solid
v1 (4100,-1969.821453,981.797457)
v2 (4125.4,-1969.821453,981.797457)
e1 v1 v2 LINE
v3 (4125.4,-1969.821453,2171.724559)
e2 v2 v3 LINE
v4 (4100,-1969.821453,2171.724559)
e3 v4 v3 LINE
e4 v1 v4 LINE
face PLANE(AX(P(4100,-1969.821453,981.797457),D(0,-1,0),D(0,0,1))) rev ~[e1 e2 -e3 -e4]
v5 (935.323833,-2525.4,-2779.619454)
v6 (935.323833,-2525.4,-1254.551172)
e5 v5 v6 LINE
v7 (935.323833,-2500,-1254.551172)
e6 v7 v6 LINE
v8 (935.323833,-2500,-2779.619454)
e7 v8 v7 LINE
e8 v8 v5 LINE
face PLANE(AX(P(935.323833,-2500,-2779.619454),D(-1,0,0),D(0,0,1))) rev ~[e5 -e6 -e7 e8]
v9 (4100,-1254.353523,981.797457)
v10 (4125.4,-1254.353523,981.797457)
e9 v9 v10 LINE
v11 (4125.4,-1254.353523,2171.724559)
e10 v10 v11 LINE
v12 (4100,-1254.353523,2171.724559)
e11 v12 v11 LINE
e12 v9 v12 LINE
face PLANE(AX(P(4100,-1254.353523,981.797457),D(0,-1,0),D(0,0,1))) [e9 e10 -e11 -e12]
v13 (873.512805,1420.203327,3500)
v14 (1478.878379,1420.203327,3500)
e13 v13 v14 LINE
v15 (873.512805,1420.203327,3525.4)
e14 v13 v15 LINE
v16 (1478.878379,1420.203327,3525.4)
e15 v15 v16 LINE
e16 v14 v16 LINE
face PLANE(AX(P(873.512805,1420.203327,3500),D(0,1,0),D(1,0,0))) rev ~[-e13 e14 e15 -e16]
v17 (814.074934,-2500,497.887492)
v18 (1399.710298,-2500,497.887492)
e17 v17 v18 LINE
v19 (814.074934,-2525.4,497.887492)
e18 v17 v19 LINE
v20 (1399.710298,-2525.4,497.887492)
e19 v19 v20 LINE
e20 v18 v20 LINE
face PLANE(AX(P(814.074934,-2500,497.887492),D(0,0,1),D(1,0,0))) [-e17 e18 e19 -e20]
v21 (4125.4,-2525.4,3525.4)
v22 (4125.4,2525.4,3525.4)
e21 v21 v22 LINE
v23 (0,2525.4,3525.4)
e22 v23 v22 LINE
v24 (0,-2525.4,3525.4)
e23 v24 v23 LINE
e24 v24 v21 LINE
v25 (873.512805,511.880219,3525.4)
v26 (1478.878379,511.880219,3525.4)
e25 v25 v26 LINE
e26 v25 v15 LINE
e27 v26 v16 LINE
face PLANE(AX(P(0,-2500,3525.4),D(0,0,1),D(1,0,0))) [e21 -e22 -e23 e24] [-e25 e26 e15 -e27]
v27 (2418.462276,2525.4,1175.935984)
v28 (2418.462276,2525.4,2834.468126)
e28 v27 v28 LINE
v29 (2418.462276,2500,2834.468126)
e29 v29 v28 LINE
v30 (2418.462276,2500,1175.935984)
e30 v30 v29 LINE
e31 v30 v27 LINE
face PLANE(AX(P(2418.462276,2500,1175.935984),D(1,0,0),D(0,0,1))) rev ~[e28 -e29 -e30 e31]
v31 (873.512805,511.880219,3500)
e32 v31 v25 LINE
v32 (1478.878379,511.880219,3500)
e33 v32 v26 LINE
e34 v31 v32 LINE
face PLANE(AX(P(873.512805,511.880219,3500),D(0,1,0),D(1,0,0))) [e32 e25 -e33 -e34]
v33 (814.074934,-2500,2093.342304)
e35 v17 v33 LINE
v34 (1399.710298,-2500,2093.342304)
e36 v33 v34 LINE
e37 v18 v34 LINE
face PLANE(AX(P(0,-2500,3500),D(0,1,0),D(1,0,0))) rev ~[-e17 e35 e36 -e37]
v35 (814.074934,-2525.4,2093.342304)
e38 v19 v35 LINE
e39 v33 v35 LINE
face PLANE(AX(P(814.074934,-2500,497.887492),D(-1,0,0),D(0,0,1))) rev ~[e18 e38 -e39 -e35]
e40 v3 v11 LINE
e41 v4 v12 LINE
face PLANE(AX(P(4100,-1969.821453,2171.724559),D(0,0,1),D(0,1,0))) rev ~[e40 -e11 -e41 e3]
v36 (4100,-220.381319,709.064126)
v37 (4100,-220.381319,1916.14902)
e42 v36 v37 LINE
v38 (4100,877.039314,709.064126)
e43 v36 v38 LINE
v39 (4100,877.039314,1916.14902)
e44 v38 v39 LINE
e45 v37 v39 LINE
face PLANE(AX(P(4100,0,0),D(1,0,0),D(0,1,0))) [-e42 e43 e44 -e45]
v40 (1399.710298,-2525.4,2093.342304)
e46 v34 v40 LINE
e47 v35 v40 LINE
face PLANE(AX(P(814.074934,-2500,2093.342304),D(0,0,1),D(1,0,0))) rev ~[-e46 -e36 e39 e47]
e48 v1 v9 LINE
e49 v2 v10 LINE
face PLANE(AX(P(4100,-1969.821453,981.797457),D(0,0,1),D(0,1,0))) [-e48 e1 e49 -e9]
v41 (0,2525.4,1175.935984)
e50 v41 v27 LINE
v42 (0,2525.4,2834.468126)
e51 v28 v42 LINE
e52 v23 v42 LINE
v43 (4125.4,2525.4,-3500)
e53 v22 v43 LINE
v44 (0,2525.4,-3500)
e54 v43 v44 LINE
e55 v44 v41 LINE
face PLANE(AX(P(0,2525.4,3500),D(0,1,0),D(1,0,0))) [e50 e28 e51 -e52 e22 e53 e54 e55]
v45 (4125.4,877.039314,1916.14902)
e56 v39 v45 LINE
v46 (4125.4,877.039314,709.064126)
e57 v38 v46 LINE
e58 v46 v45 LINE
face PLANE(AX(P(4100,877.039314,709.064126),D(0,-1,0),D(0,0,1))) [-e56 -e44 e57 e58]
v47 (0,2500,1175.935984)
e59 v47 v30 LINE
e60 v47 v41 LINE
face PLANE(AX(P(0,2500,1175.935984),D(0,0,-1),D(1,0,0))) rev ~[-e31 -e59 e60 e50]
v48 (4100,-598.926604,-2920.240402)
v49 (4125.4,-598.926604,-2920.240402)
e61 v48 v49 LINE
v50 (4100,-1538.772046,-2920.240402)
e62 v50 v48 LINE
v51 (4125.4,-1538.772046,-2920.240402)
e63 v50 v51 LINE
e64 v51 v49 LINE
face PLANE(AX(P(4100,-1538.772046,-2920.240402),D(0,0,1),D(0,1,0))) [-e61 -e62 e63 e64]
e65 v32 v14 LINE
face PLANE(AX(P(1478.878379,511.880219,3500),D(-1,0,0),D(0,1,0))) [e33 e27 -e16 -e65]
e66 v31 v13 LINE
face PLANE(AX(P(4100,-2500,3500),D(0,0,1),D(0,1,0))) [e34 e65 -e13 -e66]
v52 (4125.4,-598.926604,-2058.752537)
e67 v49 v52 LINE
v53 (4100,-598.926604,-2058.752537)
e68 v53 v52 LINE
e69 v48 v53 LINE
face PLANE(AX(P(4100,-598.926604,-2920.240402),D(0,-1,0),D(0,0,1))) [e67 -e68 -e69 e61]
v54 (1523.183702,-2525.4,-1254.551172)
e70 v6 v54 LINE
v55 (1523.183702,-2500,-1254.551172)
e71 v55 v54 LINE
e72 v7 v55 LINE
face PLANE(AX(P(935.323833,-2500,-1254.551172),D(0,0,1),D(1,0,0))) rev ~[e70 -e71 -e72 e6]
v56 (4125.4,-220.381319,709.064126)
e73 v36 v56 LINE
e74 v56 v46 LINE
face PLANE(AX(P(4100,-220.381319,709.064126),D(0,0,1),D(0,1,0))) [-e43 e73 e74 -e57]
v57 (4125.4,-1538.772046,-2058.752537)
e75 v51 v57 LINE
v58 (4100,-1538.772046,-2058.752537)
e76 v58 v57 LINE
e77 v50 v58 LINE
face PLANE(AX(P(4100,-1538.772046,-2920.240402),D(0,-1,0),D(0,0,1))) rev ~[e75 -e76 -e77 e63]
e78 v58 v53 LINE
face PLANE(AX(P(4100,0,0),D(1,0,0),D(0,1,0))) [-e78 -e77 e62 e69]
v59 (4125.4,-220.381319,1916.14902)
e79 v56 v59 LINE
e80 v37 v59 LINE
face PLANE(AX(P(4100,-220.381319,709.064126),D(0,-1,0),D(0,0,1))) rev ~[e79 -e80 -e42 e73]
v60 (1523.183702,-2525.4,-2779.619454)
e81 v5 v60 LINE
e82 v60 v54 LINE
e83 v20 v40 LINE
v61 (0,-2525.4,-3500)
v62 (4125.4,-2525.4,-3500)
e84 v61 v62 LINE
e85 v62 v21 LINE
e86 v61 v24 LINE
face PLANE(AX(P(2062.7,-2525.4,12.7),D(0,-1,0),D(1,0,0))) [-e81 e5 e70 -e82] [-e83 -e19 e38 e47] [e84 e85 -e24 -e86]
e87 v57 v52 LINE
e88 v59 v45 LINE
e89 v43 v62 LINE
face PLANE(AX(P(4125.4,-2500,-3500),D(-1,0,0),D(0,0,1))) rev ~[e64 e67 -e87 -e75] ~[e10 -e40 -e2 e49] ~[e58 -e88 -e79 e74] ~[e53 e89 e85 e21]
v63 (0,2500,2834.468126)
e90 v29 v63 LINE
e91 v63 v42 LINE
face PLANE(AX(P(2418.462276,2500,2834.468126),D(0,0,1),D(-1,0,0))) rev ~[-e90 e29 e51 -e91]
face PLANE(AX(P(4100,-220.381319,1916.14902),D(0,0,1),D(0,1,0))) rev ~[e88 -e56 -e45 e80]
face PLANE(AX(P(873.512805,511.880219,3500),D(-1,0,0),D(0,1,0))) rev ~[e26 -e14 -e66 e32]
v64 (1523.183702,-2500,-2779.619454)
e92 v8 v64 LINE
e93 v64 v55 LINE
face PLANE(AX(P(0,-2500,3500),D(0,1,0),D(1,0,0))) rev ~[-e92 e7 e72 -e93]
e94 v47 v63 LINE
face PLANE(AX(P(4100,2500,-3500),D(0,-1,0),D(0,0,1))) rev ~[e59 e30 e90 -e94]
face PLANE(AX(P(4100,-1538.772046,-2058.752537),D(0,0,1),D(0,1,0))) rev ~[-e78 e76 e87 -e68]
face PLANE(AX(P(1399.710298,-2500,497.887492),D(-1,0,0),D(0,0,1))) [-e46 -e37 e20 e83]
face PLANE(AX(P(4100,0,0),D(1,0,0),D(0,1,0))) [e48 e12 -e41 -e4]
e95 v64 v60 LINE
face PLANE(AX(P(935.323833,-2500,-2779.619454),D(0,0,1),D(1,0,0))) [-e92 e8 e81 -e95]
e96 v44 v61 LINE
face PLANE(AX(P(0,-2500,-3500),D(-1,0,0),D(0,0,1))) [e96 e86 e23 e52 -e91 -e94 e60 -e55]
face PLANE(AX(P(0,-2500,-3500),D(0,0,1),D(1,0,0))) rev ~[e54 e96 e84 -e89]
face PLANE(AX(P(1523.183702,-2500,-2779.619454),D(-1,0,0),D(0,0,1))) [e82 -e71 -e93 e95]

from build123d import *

# Parameters (mm, degrees)
F0_W     = 5000
F0_H     = 7000
F1_DEPTH = 4100
F2_W     = 5000
F2_H     = 7000
F2_W_2   = 939.845443
F2_H_2   = 861.487865
F2_W_3   = 715.46793
F2_H_3   = 1189.927101
F2_W_4   = 1097.420633
F2_H_4   = 1207.084894
F3_DEPTH = 25.4
F5_DEPTH = 25.4
F6_W     = 4125.4
F6_H     = 5025.4
F6_W_2   = 605.365574
F6_H_2   = 908.323109
F7_DEPTH = 25.4
F8_W     = 4125.4
F8_H     = 7025.4
F8_W_2   = 587.859869
F8_H_2   = 1525.068283
F8_W_3   = 585.635364
F8_H_3   = 1595.454812
F9_DEPTH = 25.4


with BuildPart() as f1:
    # F0 (on Right) → F1 (new body)
    with BuildSketch(Plane.YZ):
        Rectangle(F0_W, F0_H)
    extrude(amount=F1_DEPTH)

    # F2 (on face) → F3 (join)
    with BuildSketch(Plane.YZ.offset(4100)):
        Rectangle(F2_W, F2_H)
        with Locations((-1068.849325, -2489.496469)):
            Rectangle(F2_W_2, F2_H_2, mode=Mode.SUBTRACT)
        with Locations((-1612.087488, 1576.761008)):
            Rectangle(F2_W_3, F2_H_3, mode=Mode.SUBTRACT)
        with Locations((328.328997, 1312.606573)):
            Rectangle(F2_W_4, F2_H_4, mode=Mode.SUBTRACT)
    extrude(amount=F3_DEPTH)

    # F4 (on face) → F5 (join)
    with BuildSketch(Plane(origin=(0, 2500, 0), x_dir=(-1, 0, 0), z_dir=(0, 1, 0))):
        Polygon((0, -3500), (0, 1175.935984), (-2418.462276, 1175.935984), (-2418.462276, 2834.468126), (0, 2834.468126), (0, 3500), (-4125.4, 3500), (-4125.4, -3500), align=None)
    extrude(amount=F5_DEPTH)

    # F6 (on face) → F7 (join)
    with BuildSketch(Plane.XY.offset(3500)):
        with Locations((2062.7, 12.7)):
            Rectangle(F6_W, F6_H)
        with Locations((1176.195592, 966.041773)):
            Rectangle(F6_W_2, F6_H_2, mode=Mode.SUBTRACT)
    extrude(amount=F7_DEPTH)

    # F8 (on face) → F9 (join)
    with BuildSketch(Plane.XZ.offset(2500)):
        with Locations((2062.7, 12.7)):
            Rectangle(F8_W, F8_H)
        with Locations((1229.253768, -2017.085313)):
            Rectangle(F8_W_2, F8_H_2, mode=Mode.SUBTRACT)
        with Locations((1106.892616, 1295.614898)):
            Rectangle(F8_W_3, F8_H_3, mode=Mode.SUBTRACT)
    extrude(amount=F9_DEPTH)


solid = f1.part
